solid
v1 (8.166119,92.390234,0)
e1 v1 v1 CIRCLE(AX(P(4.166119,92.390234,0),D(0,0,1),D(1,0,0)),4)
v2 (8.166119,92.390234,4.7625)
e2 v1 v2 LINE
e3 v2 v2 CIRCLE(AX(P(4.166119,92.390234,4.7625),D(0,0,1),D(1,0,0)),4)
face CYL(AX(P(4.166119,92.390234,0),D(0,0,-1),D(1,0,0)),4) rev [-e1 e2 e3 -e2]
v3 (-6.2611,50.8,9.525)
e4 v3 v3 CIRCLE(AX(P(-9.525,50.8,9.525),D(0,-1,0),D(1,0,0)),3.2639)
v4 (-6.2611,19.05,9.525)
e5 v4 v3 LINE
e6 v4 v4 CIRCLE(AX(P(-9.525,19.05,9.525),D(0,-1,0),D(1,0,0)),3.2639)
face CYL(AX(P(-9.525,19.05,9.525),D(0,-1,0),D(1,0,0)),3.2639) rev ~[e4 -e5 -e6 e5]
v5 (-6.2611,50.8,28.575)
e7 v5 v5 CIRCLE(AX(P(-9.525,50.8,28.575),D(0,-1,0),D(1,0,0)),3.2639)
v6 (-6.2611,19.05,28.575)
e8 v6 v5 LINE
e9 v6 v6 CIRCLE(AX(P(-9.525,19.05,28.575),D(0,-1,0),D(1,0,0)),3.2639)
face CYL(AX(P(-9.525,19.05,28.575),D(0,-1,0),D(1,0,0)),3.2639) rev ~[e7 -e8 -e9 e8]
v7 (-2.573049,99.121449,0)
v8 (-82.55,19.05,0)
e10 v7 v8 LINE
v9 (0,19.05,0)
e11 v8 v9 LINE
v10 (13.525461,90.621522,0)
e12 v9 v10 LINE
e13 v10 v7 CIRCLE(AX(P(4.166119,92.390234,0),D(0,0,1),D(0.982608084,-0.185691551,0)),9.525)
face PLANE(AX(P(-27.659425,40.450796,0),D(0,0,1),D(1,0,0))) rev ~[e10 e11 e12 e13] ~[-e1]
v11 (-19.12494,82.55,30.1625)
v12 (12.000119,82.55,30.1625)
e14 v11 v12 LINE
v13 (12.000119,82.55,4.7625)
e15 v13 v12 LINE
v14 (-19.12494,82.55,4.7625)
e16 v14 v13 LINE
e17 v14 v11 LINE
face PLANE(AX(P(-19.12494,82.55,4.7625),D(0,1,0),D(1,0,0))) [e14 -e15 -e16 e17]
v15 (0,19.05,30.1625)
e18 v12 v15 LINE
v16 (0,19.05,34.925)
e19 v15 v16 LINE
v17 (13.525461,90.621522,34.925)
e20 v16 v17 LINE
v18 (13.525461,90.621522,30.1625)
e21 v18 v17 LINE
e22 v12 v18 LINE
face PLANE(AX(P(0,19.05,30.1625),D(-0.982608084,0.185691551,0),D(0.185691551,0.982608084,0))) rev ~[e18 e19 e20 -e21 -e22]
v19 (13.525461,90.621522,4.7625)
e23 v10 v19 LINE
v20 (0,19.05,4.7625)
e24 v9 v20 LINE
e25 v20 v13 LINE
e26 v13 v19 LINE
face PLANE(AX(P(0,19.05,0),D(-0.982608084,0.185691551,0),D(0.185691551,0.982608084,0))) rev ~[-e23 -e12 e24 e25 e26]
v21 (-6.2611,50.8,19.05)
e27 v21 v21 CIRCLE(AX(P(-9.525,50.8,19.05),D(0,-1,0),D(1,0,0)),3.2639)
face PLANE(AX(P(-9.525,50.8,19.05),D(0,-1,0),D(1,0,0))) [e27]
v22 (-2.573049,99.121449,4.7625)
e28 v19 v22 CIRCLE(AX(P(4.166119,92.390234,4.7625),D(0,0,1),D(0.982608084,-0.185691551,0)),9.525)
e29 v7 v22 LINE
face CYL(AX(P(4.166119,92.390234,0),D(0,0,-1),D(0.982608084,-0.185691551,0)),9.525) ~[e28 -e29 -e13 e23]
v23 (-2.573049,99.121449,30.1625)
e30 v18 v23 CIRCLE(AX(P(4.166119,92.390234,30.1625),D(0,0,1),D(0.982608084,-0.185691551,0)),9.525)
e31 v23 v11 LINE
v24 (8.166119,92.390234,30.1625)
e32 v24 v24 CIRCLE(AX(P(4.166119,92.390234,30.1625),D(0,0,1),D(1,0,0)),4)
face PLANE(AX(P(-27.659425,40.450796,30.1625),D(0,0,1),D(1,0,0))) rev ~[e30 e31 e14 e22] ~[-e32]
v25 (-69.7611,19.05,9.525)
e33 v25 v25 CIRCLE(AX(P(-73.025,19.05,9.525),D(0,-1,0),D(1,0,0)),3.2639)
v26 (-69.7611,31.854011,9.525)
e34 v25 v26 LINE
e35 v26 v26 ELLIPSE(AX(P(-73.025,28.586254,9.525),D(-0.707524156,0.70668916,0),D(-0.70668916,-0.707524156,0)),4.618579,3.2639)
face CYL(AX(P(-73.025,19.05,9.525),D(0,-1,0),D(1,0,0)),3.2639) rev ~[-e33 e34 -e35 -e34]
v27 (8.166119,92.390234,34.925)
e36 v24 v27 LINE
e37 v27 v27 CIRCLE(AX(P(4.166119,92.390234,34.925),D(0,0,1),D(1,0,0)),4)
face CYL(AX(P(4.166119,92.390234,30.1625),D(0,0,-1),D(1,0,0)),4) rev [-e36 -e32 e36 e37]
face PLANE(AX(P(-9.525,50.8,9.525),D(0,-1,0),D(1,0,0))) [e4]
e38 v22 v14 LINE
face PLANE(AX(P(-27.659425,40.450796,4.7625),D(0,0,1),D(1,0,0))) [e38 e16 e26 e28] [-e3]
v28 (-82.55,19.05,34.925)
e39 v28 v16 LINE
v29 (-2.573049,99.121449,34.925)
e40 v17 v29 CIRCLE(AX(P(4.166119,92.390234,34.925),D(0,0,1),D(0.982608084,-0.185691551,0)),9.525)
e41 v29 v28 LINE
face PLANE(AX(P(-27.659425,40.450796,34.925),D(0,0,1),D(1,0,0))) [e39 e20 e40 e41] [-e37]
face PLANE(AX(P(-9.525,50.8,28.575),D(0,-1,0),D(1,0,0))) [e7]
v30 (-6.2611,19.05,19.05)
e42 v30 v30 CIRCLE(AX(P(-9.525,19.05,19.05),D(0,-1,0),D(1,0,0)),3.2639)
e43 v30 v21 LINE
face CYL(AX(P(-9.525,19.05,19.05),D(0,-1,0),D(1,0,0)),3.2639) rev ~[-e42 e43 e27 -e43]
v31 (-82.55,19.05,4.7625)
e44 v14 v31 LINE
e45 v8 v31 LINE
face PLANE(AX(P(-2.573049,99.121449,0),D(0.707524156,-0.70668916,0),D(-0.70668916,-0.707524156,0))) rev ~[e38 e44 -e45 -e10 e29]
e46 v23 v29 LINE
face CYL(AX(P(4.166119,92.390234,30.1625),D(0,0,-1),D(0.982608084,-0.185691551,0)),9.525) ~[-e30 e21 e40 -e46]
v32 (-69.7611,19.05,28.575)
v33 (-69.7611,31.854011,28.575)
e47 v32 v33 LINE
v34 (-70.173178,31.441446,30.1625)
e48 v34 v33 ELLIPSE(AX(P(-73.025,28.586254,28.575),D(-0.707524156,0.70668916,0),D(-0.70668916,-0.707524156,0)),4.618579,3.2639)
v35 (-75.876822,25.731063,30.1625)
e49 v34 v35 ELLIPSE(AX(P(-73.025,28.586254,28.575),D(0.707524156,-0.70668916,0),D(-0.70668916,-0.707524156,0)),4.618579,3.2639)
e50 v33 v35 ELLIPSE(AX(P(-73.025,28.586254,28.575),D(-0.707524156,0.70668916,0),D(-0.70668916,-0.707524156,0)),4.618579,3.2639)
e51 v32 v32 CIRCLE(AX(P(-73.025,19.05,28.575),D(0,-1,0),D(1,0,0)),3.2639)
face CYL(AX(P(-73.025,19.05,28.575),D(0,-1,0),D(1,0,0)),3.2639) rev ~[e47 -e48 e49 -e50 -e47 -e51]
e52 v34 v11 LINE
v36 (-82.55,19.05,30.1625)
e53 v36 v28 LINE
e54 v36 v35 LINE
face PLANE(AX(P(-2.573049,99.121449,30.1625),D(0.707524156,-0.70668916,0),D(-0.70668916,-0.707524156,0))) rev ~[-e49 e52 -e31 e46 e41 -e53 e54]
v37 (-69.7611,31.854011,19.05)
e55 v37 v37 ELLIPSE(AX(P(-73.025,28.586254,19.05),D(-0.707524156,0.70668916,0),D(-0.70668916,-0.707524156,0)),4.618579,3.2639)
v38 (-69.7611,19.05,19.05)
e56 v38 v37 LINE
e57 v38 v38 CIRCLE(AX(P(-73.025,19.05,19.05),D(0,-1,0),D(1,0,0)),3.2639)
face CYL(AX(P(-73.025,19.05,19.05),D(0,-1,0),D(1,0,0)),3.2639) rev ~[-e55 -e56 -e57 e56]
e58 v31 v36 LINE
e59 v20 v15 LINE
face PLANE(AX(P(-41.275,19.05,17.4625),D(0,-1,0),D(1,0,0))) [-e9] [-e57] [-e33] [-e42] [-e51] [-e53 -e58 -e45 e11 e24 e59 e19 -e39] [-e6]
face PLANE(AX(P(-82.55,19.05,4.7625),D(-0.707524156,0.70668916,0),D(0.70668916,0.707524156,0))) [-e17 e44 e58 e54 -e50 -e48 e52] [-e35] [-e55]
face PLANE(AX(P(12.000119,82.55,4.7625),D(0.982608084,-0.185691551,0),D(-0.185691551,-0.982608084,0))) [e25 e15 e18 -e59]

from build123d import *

# Parameters (mm, degrees)
SKETCH1_R           = 4
BOSS_EXTRUDE1_DEPTH = 4.7625
SKETCH2_R           = 4
BOSS_EXTRUDE2_DEPTH = 25.4
BOSS_EXTRUDE3_START = 30.1625
SKETCH1_2_R         = 4
BOSS_EXTRUDE3_DEPTH = 4.7625
SKETCH4_W           = 82.55
SKETCH4_H           = 34.925
CUT_EXTRUDE1_DEPTH  = 19.05
SKETCH5_R           = 3.2639
CUT_EXTRUDE2_DEPTH  = 31.75


with BuildPart() as part:
    # Sketch1 → Boss-Extrude1 (new body)
    with BuildSketch(Plane.XY):
        with BuildLine():
            Line((0, 0), (0, 19.05))
            Line((0, 19.05), (13.525460699, 90.621522374))
            ThreePointArc((13.525460699, 90.621522374), (8.613422955, 100.813245135), (-2.573048888, 99.121448653))
            Line((-2.573048888, 99.121448653), (-82.55, 19.05))
            Line((-82.55, 19.05), (-82.55, 0))
            Line((-82.55, 0), (0, 0))
        make_face()
        with Locations((4.166118695, 92.390234401)):
            Circle(SKETCH1_R, mode=Mode.SUBTRACT)
        with Locations((-9.525, 9.525)):
            Circle(SKETCH1_R, mode=Mode.SUBTRACT)
        with Locations((-73.025, 9.525)):
            Circle(SKETCH1_R, mode=Mode.SUBTRACT)
    extrude(amount=BOSS_EXTRUDE1_DEPTH)

    # Sketch2 → Boss-Extrude2 (add)
    with BuildSketch(Plane.XY.offset(4.7625)):
        Polygon((-19.124940493, 82.55), (12.000118566, 82.55), (0, 19.05), (0, 0), (-82.55, 0), (-82.55, 19.05), align=None)
        with Locations((-73.025, 9.525)):
            Circle(SKETCH2_R, mode=Mode.SUBTRACT)
        with Locations((-9.525, 9.525)):
            Circle(SKETCH2_R, mode=Mode.SUBTRACT)
    extrude(amount=BOSS_EXTRUDE2_DEPTH)

    # Sketch1<2> → Boss-Extrude3 (add)
    with BuildSketch(Plane.XY.offset(BOSS_EXTRUDE3_START)):
        with BuildLine():
            Line((0, 0), (0, 19.05))
            Line((0, 19.05), (13.525460699, 90.621522374))
            ThreePointArc((13.525460699, 90.621522374), (8.613422955, 100.813245135), (-2.573048888, 99.121448653))
            Line((-2.573048888, 99.121448653), (-82.55, 19.05))
            Line((-82.55, 19.05), (-82.55, 0))
            Line((-82.55, 0), (0, 0))
        make_face()
        with Locations((4.166118695, 92.390234401)):
            Circle(SKETCH1_2_R, mode=Mode.SUBTRACT)
        with Locations((-9.525, 9.525)):
            Circle(SKETCH1_2_R, mode=Mode.SUBTRACT)
        with Locations((-73.025, 9.525)):
            Circle(SKETCH1_2_R, mode=Mode.SUBTRACT)
    extrude(amount=BOSS_EXTRUDE3_DEPTH)

    # Sketch4 → Cut-Extrude1 (cut)
    with BuildSketch(Plane.XZ):
        with Locations((-41.275, 17.4625)):
            Rectangle(SKETCH4_W, SKETCH4_H)
    extrude(amount=-CUT_EXTRUDE1_DEPTH, mode=Mode.SUBTRACT)

    # Sketch5 → Cut-Extrude2 (cut)
    with BuildSketch(Plane.XZ.offset(-19.05)):
        with Locations((-9.525, 9.525)):
            Circle(SKETCH5_R)
        with Locations((-73.025, 9.525)):
            Circle(SKETCH5_R)
        with Locations((-73.025, 28.575)):
            Circle(SKETCH5_R)
        with Locations((-9.525, 28.575)):
            Circle(SKETCH5_R)
        with Locations((-73.025, 19.05)):
            Circle(SKETCH5_R)
        with Locations((-9.525, 19.05)):
            Circle(SKETCH5_R)
    extrude(amount=-CUT_EXTRUDE2_DEPTH, mode=Mode.SUBTRACT)


solid = part.part
